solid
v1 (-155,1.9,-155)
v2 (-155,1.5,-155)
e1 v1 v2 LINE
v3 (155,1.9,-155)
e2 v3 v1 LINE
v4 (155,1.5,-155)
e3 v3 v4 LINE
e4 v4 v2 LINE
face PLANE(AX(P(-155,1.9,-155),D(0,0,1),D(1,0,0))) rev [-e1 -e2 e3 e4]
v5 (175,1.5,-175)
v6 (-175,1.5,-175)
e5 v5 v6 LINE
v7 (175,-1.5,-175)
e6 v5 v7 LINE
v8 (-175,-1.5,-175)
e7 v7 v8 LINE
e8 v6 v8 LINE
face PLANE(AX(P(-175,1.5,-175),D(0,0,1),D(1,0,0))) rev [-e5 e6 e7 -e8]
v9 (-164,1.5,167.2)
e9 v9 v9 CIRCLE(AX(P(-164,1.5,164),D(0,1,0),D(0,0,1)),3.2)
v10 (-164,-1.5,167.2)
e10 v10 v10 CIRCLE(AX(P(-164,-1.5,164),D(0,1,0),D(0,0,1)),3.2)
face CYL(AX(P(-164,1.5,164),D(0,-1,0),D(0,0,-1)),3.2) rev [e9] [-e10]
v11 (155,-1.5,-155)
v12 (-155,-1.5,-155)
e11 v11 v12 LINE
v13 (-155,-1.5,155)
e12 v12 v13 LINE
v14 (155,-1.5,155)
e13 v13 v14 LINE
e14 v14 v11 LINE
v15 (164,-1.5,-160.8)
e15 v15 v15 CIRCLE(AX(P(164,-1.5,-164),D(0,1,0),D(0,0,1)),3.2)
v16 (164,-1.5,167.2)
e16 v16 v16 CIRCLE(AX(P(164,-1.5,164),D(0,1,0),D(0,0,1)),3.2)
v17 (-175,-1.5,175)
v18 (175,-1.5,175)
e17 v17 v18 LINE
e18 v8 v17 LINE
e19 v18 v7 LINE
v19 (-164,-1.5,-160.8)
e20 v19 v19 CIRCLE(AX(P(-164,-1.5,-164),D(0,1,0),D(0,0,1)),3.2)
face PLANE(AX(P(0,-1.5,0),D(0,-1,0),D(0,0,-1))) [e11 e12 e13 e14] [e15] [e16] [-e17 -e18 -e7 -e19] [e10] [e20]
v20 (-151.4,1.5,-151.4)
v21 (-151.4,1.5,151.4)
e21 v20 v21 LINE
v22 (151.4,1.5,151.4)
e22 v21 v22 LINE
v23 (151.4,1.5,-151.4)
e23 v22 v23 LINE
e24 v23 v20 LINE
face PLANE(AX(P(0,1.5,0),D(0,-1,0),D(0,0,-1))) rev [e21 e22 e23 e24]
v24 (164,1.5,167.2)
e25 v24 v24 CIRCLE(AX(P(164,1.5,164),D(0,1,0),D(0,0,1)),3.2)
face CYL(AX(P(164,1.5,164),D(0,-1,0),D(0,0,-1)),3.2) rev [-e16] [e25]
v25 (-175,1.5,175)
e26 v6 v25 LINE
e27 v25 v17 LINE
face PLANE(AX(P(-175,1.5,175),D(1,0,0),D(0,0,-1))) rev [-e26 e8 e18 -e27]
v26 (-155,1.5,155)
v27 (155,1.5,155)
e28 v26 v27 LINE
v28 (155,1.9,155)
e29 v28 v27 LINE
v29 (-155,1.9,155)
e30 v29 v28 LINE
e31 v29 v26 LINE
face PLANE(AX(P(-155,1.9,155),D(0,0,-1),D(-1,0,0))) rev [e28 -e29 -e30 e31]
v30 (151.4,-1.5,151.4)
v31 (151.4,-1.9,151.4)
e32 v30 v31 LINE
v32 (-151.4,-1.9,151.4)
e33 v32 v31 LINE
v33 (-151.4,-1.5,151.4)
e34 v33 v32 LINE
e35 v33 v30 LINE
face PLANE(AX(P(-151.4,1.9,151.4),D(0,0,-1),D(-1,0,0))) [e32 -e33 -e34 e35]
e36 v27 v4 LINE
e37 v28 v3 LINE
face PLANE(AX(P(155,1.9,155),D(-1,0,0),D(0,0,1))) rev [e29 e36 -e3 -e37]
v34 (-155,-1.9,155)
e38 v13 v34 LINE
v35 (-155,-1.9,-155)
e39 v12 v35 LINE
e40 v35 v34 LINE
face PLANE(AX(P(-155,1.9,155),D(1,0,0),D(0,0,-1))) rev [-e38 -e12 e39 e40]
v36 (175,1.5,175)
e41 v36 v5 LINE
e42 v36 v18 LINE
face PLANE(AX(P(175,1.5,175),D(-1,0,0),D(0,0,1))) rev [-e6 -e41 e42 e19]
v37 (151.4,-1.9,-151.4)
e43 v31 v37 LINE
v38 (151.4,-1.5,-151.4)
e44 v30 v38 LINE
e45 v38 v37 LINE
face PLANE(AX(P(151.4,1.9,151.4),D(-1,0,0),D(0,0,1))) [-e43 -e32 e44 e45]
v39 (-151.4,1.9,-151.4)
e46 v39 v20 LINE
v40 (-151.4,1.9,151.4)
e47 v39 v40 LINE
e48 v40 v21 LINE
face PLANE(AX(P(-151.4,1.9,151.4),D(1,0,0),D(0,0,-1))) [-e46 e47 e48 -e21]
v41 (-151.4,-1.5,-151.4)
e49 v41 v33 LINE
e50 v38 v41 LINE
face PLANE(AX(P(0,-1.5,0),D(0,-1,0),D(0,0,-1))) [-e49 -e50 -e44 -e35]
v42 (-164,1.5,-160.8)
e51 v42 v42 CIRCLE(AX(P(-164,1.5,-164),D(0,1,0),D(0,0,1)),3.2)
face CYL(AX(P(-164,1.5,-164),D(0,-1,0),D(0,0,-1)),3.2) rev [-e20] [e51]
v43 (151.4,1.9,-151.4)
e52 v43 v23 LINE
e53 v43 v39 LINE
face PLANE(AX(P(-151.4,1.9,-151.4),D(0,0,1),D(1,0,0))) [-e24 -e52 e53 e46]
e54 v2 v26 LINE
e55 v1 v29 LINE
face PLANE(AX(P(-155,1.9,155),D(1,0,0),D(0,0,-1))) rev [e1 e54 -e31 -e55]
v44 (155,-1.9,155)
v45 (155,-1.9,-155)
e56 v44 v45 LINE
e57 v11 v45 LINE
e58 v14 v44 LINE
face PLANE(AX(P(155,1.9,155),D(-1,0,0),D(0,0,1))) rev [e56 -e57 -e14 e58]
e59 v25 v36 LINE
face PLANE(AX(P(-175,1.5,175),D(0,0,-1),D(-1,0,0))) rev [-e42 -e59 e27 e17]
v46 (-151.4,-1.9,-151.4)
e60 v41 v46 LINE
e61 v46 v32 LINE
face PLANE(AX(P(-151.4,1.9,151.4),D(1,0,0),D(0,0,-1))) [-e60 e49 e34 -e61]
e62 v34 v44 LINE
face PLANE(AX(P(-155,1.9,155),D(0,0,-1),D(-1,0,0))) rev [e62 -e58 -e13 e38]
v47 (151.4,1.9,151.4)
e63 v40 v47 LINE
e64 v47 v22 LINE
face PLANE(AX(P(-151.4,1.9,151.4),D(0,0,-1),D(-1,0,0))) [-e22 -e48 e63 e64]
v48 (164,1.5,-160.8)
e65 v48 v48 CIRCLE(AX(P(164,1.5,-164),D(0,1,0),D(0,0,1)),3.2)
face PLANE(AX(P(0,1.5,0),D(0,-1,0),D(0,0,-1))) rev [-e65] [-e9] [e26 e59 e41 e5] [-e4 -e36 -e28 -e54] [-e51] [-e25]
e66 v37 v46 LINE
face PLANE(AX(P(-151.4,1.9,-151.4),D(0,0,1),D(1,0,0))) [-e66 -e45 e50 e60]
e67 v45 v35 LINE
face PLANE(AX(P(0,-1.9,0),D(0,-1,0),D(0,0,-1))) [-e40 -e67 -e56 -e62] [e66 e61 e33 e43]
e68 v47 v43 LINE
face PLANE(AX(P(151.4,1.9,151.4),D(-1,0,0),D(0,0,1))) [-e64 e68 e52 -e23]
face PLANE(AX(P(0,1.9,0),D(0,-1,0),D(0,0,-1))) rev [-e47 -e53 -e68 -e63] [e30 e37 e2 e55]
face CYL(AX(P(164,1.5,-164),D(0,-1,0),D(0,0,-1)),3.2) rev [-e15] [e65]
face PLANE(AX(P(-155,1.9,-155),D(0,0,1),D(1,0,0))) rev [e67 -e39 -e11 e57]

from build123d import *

# Parameters (mm, degrees)
SKETCH1_W                                      = 350
SKETCH1_H                                      = 350
SKETCH1_R                                      = 3.2
BASE_PLATE_STRUCTURAL_PANEL_DEPTH              = 1.5
SKETCH2_W                                      = 310
SKETCH2_H                                      = 310
SKETCH2_W_2                                    = 302.8
SKETCH2_H_2                                    = 302.8
BASE_PLATE_STRUCTURAL_PANEL_INSET_STIFFE_DEPTH = 1.9


with BuildPart() as part:
    # Sketch1 → Base plate structural panel (new, symmetric)
    with BuildSketch(Plane(origin=(0, 0, 0), x_dir=(1, 0, 0), z_dir=(0, 1, 0))):
        Rectangle(SKETCH1_W, SKETCH1_H)
        with Locations(Location((164, 164, 0), (0, 0, 270))):
            Circle(SKETCH1_R, mode=Mode.SUBTRACT)
        with Locations(Location((-164, 164, 0), (0, 0, 270))):
            Circle(SKETCH1_R, mode=Mode.SUBTRACT)
        with Locations(Location((164, -164, 0), (0, 0, 270))):
            Circle(SKETCH1_R, mode=Mode.SUBTRACT)
        with Locations(Location((-164, -164, 0), (0, 0, 270))):
            Circle(SKETCH1_R, mode=Mode.SUBTRACT)
    extrude(amount=BASE_PLATE_STRUCTURAL_PANEL_DEPTH, both=True)

    # Sketch2 → Base plate structural panel inset stiffener (add, symmetric)
    with BuildSketch(Plane(origin=(0, 0, 0), x_dir=(1, 0, 0), z_dir=(0, 1, 0))):
        Rectangle(SKETCH2_W, SKETCH2_H)
        Rectangle(SKETCH2_W_2, SKETCH2_H_2, mode=Mode.SUBTRACT)
    extrude(amount=BASE_PLATE_STRUCTURAL_PANEL_INSET_STIFFE_DEPTH, both=True)


solid = part.part
